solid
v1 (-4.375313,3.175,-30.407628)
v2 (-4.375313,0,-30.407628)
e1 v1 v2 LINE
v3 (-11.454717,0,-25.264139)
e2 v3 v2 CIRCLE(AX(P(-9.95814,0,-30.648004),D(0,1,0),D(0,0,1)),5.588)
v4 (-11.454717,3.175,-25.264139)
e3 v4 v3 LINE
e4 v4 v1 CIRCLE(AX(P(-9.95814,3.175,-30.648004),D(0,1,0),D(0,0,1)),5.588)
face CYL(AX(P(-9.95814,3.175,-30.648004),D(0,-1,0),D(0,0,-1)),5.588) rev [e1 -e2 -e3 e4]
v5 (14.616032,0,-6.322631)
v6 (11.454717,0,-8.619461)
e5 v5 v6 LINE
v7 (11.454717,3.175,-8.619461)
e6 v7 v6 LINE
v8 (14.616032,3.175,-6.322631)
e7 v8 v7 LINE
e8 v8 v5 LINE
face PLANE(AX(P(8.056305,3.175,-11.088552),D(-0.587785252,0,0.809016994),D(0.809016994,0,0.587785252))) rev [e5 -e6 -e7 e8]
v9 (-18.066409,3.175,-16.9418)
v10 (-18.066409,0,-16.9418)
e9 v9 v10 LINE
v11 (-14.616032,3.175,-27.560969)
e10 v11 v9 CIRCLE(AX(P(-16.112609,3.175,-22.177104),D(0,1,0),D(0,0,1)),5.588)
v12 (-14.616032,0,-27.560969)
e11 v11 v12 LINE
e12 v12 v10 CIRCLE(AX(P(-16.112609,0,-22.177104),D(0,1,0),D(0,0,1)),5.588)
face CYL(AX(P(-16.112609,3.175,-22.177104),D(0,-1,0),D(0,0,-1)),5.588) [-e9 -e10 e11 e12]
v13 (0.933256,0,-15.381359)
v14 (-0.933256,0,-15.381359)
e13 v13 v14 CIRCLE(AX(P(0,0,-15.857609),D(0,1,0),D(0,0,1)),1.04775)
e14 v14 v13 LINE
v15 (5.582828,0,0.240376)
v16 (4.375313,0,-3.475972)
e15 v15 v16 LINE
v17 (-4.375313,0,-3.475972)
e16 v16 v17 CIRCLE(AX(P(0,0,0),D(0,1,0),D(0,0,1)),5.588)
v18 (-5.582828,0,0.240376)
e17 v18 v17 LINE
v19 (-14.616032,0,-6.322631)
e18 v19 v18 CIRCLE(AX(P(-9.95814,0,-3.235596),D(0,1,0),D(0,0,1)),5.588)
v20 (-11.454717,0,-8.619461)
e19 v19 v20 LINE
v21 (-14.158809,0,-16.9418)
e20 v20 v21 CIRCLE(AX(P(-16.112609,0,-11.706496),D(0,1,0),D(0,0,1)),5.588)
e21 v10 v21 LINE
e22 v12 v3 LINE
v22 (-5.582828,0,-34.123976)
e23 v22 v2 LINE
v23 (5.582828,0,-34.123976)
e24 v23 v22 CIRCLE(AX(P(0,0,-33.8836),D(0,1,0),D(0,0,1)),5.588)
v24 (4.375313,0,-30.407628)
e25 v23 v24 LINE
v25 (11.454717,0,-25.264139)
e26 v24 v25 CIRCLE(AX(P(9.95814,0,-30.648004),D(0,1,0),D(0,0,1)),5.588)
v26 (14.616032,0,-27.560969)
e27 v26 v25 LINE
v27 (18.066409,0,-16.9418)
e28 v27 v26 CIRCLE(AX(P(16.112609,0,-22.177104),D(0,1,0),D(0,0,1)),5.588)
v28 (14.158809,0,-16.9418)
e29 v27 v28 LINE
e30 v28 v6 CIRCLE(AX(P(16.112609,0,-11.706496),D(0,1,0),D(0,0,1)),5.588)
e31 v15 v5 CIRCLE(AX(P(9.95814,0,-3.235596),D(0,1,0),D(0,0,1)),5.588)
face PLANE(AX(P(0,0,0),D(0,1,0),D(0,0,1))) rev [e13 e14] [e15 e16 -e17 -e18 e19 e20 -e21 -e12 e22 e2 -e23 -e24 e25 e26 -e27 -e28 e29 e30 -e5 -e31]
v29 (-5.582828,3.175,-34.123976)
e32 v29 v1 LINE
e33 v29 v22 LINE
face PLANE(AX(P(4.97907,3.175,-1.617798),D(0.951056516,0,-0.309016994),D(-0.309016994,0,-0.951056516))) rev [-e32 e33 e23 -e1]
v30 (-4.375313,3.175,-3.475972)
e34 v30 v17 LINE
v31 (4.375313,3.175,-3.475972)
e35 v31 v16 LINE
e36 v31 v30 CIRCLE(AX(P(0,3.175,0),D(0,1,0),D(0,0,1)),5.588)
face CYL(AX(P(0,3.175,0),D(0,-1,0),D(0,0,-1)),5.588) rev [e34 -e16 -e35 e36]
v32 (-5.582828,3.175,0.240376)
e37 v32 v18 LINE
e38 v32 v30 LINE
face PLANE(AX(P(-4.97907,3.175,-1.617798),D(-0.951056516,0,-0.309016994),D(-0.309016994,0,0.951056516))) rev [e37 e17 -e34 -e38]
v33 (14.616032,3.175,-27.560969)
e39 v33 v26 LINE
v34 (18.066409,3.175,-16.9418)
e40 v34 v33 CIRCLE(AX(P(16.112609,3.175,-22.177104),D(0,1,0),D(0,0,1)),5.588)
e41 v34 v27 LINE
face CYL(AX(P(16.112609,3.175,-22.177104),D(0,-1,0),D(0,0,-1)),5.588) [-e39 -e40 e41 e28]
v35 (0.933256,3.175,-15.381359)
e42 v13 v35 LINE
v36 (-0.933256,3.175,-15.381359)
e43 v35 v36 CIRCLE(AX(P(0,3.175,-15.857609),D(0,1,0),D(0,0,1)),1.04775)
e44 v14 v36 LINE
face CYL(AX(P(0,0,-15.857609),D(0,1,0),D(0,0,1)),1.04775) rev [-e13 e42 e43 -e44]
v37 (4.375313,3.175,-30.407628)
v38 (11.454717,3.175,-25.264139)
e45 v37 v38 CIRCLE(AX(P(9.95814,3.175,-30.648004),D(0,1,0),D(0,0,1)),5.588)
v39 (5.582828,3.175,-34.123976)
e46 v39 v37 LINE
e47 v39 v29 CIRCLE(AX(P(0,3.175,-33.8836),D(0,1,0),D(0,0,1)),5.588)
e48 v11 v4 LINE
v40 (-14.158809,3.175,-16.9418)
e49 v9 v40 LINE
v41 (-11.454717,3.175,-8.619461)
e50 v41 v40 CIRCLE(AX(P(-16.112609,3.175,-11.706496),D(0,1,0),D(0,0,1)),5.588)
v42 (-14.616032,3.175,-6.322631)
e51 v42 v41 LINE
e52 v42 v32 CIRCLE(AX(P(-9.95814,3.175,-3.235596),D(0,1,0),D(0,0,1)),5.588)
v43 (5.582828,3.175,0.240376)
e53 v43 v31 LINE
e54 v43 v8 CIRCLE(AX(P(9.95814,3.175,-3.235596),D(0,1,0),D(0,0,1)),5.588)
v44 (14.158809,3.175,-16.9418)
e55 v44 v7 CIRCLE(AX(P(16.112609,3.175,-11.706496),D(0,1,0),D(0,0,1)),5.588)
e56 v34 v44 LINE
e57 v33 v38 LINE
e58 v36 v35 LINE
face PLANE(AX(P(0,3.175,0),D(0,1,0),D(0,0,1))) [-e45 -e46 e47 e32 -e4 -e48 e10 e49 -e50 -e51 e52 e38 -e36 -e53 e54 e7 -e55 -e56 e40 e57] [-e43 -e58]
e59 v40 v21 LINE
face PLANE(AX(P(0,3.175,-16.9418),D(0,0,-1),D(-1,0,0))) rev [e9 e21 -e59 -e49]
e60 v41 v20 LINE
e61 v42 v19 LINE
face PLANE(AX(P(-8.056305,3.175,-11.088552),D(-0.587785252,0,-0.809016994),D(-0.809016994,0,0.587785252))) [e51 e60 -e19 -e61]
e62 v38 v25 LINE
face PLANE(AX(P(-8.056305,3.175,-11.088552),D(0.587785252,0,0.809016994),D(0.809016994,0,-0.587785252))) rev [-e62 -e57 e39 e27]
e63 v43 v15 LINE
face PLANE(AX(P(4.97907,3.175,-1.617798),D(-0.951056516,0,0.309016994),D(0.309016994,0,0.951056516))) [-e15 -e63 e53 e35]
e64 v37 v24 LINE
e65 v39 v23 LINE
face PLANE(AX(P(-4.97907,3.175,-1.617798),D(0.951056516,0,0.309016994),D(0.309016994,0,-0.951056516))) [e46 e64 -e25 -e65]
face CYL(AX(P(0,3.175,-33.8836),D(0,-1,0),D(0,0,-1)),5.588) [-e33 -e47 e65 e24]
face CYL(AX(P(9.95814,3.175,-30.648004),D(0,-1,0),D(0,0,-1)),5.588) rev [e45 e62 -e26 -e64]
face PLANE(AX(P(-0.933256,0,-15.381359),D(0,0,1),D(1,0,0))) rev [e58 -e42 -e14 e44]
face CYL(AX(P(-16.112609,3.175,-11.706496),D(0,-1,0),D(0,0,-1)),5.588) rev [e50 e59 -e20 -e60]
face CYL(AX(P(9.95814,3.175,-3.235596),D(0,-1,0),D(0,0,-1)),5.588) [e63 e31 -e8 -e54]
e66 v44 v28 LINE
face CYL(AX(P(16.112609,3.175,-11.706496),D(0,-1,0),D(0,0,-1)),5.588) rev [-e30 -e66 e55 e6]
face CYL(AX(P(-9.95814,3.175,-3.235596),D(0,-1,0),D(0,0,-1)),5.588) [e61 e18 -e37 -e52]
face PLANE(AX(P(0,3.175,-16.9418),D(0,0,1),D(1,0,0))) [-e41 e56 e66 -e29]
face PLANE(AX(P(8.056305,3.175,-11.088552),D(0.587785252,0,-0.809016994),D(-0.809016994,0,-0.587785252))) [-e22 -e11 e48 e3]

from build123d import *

# Parameters (mm, degrees)
BOSS_EXTRUDE1_DEPTH = 3.175
CUT_EXTRUDE1_DEPTH  = 46.155334956


with BuildPart() as part:
    # Sketch2 → Boss-Extrude1 (new body)
    with BuildSketch(Plane(origin=(0, 0, 0), x_dir=(1, 0, 0), z_dir=(0, 1, 0))):
        with BuildLine():
            Line((-5.582827527, 34.123976372), (-4.37531266, 30.407627744))
            ThreePointArc((-4.37531266, 30.407627744), (-6.673596197, 26.127217151), (-11.454717255, 25.264139232))
            Line((-11.454717255, 25.264139232), (-14.61603222, 27.560968998))
            ThreePointArc((-14.61603222, 27.560968998), (-21.427113101, 23.90389108), (-18.066409385, 16.9418))
            Line((-18.066409385, 16.9418), (-14.15880919, 16.9418))
            ThreePointArc((-14.15880919, 16.9418), (-10.798105475, 13.433282849), (-11.454717255, 8.619460768))
            Line((-11.454717255, 8.619460768), (-14.61603222, 6.322631002))
            ThreePointArc((-14.61603222, 6.322631002), (-13.242684177, -1.28519108), (-5.582827527, -0.240376372))
            Line((-5.582827527, -0.240376372), (-4.37531266, 3.475972256))
            ThreePointArc((-4.37531266, 3.475972256), (0, 5.588), (4.37531266, 3.475972256))
            Line((4.37531266, 3.475972256), (5.582827527, -0.240376372))
            ThreePointArc((5.582827527, -0.240376372), (13.242684177, -1.28519108), (14.61603222, 6.322631002))
            Line((14.61603222, 6.322631002), (11.454717255, 8.619460768))
            ThreePointArc((11.454717255, 8.619460768), (10.798105475, 13.433282849), (14.15880919, 16.9418))
            Line((14.15880919, 16.9418), (18.066409385, 16.9418))
            ThreePointArc((18.066409385, 16.9418), (21.427113101, 23.90389108), (14.61603222, 27.560968998))
            Line((14.61603222, 27.560968998), (11.454717255, 25.264139232))
            ThreePointArc((11.454717255, 25.264139232), (6.673596197, 26.127217151), (4.37531266, 30.407627744))
            Line((4.37531266, 30.407627744), (5.582827527, 34.123976372))
            ThreePointArc((5.582827527, 34.123976372), (0, 39.4716), (-5.582827527, 34.123976372))
        make_face()
    extrude(amount=BOSS_EXTRUDE1_DEPTH)

    # Sketch3 → Cut-Extrude1 (cut, through all)
    with BuildSketch(Plane(origin=(0, 3.175, 0), x_dir=(1, 0, 0), z_dir=(0, 1, 0))):
        with BuildLine():
            Line((-0.933255592, 15.381358575), (0.933255592, 15.381358575))
            ThreePointArc((0.933255592, 15.381358575), (0, 16.905358575), (-0.933255592, 15.381358575))
        make_face()
    extrude(amount=-CUT_EXTRUDE1_DEPTH, mode=Mode.SUBTRACT)


solid = part.part
